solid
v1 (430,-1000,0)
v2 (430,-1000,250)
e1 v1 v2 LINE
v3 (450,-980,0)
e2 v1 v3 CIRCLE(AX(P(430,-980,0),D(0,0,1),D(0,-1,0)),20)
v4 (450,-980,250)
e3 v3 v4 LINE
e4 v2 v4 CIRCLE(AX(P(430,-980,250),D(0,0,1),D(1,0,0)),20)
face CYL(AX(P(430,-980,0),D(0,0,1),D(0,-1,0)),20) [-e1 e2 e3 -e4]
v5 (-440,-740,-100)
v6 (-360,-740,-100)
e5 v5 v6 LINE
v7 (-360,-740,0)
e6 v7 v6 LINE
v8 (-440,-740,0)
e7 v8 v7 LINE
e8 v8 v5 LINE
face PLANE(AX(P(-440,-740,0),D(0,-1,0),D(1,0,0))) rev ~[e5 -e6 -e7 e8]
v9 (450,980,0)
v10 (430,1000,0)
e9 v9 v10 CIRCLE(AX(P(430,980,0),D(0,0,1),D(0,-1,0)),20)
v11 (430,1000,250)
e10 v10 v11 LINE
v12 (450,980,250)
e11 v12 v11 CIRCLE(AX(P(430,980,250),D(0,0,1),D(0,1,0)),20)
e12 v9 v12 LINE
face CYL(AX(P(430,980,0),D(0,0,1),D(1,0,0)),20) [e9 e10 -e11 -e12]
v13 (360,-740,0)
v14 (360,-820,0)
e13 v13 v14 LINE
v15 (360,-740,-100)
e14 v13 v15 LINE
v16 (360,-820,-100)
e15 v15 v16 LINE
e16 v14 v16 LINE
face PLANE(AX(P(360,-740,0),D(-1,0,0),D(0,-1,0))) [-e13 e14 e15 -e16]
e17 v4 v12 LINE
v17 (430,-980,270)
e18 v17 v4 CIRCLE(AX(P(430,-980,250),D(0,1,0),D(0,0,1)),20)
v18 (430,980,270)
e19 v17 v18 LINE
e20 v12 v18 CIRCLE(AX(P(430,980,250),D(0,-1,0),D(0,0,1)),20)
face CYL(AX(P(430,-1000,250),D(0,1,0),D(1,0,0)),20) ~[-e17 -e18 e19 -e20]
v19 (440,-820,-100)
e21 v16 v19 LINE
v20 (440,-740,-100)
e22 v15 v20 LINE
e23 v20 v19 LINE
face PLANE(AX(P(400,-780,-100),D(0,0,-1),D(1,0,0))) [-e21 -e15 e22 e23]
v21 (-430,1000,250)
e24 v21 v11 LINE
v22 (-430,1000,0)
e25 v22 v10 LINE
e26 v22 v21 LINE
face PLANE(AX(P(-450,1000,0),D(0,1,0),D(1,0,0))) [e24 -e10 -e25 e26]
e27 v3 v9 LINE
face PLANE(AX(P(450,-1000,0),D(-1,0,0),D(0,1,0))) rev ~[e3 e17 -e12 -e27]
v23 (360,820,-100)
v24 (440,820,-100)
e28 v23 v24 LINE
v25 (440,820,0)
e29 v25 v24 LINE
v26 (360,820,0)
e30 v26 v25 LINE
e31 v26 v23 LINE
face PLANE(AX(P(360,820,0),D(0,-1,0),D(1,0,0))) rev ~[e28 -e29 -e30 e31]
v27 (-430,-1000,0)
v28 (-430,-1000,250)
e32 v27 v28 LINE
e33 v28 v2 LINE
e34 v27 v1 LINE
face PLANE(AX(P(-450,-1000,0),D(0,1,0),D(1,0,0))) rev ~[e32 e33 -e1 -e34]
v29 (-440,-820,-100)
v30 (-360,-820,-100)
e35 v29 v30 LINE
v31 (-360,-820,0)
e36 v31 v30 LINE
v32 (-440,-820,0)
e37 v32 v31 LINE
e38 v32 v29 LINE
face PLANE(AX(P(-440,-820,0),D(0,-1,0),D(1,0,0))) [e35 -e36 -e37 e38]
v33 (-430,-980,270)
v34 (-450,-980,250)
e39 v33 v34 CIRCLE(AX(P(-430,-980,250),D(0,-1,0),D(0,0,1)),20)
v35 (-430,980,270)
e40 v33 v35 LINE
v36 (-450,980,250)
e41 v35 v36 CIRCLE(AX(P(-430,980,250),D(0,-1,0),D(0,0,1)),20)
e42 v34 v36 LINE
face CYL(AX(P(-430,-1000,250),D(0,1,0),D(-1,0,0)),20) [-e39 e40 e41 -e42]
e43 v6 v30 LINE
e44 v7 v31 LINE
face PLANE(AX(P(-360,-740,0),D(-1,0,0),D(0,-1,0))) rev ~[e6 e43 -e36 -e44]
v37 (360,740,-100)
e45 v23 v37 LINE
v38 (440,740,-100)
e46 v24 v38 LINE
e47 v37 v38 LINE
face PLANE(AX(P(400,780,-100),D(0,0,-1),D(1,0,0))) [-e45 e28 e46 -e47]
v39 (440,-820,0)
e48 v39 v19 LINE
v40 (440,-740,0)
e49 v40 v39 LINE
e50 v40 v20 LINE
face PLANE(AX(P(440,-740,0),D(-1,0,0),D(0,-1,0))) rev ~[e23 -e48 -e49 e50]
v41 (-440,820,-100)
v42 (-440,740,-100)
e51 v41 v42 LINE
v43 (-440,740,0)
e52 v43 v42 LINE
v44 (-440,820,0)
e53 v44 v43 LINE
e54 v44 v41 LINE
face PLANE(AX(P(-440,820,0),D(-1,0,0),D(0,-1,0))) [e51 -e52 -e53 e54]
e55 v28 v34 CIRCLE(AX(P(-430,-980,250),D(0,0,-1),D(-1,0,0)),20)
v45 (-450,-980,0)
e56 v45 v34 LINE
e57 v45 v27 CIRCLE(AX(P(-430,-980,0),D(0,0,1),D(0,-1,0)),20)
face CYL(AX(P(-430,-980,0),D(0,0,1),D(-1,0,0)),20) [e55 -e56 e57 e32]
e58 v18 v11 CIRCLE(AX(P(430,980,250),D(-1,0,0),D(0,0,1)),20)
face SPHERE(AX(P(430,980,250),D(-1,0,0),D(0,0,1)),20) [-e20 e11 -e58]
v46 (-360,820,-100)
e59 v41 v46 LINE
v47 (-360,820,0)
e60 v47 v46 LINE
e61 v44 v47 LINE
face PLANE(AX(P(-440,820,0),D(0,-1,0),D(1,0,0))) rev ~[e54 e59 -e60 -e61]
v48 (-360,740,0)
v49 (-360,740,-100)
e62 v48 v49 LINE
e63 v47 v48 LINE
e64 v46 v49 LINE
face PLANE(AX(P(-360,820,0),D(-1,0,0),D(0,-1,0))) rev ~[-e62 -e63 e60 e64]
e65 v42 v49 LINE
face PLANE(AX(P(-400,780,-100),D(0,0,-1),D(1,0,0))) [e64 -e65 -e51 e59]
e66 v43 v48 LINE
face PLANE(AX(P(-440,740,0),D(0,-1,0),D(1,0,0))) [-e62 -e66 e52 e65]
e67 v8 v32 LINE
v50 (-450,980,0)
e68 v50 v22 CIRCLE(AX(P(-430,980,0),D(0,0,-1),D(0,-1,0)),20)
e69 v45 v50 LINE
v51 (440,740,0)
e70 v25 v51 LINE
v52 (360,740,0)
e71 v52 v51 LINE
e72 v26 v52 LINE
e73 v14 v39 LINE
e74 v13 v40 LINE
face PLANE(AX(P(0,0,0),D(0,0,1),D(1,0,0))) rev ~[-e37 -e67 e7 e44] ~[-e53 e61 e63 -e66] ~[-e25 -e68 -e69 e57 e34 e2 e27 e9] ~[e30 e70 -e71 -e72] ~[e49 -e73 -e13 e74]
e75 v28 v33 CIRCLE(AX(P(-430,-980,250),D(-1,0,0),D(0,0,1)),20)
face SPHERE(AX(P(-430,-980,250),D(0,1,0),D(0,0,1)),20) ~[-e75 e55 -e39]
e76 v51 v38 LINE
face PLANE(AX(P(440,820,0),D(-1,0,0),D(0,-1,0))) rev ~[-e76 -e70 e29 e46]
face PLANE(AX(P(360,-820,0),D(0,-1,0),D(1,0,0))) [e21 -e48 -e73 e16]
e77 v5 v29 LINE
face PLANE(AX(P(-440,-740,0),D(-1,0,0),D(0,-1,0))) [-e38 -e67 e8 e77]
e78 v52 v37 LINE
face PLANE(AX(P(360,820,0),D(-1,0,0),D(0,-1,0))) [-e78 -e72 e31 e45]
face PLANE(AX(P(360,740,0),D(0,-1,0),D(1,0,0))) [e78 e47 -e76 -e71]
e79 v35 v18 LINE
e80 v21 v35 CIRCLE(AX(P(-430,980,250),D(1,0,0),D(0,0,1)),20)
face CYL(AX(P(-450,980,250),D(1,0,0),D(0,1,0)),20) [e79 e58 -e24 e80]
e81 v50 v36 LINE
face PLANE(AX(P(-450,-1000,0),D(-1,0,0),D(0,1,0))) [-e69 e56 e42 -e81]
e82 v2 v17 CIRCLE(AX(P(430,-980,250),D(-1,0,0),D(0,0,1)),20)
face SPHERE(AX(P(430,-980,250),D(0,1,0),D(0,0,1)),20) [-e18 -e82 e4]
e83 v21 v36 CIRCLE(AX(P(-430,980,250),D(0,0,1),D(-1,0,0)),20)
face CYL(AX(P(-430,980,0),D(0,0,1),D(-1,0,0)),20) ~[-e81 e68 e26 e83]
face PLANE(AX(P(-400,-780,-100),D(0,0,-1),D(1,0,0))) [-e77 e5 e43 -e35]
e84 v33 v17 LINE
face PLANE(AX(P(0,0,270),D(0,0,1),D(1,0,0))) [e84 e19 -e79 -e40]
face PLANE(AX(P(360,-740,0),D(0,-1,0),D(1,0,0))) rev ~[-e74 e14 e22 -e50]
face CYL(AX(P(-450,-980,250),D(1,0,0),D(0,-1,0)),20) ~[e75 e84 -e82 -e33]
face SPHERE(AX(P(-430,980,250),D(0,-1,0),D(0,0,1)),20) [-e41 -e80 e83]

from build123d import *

# Parameters (mm, degrees)
F0_W     = 900
F0_H     = 2000
F1_DEPTH = 270
F2_R     = 20
F3_W     = 80
F3_H     = 80
F4_DEPTH = 100


with BuildPart() as f1:
    # F0 (on Top) → F1 (new body)
    with BuildSketch(Plane.XY):
        Rectangle(F0_W, F0_H)
    extrude(amount=F1_DEPTH)

    # F2
    f2_edges = [f1.edges().sort_by_distance(p)[0] for p in [
        (-450, 0, 270),
        (0, 1000, 270),
        (450, 0, 270),
        (0, -1000, 270),
        (450, -1000, 135),
        (450, 1000, 135),
        (-450, 1000, 135),
        (-450, -1000, 135),
    ]]
    fillet(f2_edges, radius=F2_R)

    # F3 (on face) → F4 (join)
    with BuildSketch(Plane(origin=(0, 0, 0), x_dir=(1, 0, 0), z_dir=(0, 0, -1))):
        with Locations((-400, 780)):
            Rectangle(F3_W, F3_H)
        with Locations((400, 780)):
            Rectangle(F3_W, F3_H)
        with Locations((400, -780)):
            Rectangle(F3_W, F3_H)
        with Locations((-400, -780)):
            Rectangle(F3_W, F3_H)
    extrude(amount=F4_DEPTH)


solid = f1.part
